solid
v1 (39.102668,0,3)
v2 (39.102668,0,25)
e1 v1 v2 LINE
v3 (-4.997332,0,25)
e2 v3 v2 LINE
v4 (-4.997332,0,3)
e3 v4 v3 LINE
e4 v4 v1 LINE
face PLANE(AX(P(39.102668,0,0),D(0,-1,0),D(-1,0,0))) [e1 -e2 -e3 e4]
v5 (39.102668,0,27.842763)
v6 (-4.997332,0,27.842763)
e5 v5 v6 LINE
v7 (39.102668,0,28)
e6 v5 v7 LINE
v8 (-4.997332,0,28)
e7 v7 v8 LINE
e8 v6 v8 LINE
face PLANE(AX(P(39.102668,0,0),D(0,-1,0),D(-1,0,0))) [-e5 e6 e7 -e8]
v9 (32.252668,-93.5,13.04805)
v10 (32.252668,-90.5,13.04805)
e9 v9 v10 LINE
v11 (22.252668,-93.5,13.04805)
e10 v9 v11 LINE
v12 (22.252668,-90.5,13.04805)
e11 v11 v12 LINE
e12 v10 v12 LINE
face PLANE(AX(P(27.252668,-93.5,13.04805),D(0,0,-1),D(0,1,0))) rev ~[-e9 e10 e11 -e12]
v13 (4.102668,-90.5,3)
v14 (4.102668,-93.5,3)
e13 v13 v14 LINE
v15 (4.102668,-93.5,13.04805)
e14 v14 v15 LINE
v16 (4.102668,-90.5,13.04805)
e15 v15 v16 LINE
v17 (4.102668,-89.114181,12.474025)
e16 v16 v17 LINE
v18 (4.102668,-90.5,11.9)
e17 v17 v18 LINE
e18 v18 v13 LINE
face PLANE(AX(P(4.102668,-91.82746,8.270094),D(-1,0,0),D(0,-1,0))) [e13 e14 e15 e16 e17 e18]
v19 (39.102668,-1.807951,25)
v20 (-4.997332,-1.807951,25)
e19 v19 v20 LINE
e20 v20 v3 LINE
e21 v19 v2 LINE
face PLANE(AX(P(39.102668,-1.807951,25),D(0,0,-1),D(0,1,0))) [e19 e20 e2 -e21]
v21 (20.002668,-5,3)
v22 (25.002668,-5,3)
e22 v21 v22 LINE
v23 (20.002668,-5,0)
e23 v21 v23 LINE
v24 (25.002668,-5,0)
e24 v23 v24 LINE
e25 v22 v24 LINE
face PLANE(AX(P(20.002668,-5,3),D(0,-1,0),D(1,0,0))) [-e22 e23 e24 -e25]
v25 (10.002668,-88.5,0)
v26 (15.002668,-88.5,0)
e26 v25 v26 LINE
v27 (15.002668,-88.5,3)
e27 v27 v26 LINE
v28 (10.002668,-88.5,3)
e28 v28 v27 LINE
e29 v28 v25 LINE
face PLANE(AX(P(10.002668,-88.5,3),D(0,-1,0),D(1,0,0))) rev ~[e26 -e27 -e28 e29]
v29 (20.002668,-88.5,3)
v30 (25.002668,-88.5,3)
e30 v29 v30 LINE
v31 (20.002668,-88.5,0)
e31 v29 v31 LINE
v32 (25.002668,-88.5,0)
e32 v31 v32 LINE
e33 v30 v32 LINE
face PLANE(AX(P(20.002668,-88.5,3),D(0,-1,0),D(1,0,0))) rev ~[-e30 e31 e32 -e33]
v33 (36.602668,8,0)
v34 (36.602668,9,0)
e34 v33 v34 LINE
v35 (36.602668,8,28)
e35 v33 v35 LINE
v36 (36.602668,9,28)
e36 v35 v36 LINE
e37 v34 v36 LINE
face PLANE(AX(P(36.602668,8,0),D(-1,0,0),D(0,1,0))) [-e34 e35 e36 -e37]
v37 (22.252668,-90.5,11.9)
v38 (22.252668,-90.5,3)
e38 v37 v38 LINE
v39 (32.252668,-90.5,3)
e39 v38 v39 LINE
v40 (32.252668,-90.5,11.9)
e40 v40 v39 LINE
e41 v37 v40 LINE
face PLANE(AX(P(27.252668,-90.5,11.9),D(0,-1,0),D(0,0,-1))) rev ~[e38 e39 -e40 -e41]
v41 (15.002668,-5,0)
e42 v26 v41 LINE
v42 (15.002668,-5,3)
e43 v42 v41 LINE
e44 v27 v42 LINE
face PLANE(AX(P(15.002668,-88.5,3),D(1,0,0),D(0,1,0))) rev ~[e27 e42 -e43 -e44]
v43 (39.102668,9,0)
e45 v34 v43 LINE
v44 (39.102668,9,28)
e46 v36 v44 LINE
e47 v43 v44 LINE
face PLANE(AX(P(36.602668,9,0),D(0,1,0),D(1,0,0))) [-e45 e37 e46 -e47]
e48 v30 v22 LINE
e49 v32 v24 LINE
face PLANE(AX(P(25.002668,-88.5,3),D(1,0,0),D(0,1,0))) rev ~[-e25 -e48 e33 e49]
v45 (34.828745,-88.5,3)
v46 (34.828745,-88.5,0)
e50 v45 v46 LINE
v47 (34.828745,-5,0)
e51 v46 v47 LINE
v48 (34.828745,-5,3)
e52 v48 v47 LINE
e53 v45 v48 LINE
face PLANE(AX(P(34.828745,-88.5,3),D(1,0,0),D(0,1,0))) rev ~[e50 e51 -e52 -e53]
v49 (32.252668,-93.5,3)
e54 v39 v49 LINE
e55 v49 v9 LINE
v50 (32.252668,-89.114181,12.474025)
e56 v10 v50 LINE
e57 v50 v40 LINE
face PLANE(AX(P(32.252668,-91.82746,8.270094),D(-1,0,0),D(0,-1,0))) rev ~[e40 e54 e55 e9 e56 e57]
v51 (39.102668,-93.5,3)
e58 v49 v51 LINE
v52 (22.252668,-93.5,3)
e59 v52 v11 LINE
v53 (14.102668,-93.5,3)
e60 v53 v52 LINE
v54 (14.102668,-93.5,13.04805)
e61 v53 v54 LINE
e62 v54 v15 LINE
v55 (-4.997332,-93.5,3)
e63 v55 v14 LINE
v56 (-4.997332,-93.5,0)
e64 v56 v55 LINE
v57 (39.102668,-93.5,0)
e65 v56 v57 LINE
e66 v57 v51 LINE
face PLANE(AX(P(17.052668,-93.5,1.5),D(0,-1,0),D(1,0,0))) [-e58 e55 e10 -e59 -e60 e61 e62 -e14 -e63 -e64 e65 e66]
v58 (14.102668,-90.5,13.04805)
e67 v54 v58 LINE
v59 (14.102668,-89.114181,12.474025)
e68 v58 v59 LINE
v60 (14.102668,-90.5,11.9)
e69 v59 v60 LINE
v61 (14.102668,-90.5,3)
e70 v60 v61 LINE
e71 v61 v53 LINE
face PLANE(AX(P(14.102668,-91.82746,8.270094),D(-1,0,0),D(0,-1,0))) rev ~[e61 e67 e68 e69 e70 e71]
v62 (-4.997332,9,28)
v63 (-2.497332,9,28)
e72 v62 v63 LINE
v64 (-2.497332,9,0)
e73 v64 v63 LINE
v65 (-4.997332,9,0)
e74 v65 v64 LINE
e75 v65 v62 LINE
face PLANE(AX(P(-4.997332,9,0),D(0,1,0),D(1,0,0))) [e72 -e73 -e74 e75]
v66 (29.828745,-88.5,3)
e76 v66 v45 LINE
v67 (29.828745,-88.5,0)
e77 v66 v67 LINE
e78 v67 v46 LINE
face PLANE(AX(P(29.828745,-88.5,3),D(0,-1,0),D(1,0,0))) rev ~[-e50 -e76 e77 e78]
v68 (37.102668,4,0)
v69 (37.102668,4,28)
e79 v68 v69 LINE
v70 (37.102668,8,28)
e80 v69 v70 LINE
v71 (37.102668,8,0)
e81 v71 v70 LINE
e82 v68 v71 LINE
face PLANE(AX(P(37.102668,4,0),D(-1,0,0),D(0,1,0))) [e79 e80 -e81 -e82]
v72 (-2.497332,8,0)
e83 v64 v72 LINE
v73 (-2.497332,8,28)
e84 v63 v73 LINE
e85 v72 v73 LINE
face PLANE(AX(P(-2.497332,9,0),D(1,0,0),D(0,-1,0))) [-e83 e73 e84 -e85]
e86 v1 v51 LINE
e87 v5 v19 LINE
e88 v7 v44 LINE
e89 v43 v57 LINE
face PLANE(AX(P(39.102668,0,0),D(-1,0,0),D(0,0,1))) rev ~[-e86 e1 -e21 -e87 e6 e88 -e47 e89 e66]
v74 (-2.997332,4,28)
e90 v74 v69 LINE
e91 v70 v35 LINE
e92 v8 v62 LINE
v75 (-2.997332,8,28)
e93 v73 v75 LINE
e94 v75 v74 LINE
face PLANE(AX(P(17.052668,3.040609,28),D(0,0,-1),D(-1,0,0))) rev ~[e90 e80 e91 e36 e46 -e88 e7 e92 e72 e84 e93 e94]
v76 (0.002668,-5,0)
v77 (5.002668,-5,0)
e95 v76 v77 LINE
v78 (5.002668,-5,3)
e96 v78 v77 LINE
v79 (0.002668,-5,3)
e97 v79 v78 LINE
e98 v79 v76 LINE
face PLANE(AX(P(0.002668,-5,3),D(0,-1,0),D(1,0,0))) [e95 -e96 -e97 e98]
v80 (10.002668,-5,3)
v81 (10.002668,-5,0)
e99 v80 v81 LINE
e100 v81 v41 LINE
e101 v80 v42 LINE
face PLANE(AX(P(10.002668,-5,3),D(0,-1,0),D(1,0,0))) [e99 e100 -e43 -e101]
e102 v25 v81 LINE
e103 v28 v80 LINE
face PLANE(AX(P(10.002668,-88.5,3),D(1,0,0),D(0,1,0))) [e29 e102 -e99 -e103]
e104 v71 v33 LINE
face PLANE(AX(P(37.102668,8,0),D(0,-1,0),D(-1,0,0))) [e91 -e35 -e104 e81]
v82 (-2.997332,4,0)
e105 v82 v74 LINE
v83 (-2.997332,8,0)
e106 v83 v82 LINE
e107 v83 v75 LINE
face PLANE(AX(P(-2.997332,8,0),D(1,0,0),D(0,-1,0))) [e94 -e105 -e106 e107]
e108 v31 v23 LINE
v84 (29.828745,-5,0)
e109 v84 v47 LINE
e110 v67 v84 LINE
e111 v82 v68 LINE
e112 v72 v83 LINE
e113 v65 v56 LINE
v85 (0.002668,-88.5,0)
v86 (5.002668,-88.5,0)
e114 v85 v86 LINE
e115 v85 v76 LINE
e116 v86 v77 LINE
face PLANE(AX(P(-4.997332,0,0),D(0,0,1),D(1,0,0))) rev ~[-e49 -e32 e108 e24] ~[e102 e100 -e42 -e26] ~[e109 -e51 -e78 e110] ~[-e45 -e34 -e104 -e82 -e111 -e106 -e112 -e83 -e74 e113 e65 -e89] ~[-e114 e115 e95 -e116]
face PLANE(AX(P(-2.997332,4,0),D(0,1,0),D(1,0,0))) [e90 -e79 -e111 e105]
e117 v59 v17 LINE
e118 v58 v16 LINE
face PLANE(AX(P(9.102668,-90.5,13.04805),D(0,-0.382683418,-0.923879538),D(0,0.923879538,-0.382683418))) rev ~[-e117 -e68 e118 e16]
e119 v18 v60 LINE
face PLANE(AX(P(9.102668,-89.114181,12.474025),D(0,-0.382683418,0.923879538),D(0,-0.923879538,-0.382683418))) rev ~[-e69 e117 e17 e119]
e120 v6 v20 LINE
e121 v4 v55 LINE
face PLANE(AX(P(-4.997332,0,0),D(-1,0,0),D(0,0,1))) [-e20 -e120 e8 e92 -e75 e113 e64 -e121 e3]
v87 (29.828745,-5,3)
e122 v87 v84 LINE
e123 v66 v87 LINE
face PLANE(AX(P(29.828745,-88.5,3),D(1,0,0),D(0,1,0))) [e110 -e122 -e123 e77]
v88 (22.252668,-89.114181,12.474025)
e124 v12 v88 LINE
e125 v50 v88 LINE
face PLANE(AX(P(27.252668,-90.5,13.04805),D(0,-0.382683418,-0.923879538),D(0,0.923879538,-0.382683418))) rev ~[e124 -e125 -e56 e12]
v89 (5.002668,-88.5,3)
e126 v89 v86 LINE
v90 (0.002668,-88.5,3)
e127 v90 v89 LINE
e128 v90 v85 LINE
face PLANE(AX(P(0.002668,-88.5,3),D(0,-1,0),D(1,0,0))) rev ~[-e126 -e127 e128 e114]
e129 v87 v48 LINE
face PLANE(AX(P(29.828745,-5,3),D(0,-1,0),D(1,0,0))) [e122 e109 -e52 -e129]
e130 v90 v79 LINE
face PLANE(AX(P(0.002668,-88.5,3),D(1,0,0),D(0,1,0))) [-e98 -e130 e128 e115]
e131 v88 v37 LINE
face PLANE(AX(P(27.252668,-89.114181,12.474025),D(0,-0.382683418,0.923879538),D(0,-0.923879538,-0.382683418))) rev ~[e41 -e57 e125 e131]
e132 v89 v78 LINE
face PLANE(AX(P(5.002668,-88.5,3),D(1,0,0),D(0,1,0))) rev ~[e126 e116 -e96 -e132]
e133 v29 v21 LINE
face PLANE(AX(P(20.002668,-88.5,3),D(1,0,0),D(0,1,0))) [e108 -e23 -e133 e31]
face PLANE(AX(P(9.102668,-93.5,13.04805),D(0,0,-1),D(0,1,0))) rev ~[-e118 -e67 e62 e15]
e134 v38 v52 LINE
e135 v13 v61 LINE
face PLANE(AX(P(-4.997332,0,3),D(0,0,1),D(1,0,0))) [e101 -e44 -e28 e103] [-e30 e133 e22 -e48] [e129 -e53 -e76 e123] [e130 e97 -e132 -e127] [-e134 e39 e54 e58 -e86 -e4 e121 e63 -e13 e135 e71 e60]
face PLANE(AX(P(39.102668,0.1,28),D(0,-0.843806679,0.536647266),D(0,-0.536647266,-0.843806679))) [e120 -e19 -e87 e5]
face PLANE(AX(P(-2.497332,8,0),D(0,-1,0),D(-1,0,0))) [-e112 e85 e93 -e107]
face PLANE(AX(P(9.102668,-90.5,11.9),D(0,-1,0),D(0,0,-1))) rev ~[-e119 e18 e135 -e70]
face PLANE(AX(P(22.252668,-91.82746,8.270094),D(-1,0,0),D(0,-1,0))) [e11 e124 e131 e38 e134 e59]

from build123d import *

# Parameters (mm, degrees)
PAD_DEPTH    = 28
SKETCH002_W  = 44.1
SKETCH002_H  = 3
PAD001_DEPTH = 93.5
PAD002_DEPTH = 5
PAD003_DEPTH = 5
PAD004_DEPTH = 44.1
SKETCH006_W  = 5
SKETCH006_H  = 83.5
POCKET_DEPTH = 5


with BuildPart() as part:
    # Sketch → Pad (new body)
    with BuildSketch(Plane.XY):
        Polygon((-4.997332, 9), (-2.497332, 9), (-2.497332, 8), (-2.997332, 8), (-2.997332, 4), (37.102668, 4), (37.102668, 8), (36.602668, 8), (36.602668, 9), (39.102668, 9), (39.102668, 0), (-4.997332, 0), (-4.997332, 4), align=None)
    extrude(amount=PAD_DEPTH)

    # Sketch002 (on Face11 of Pad) → Pad001 (join)
    with BuildSketch(Plane.XZ):
        with Locations((17.052668, 1.5)):
            Rectangle(SKETCH002_W, SKETCH002_H)
    extrude(amount=PAD001_DEPTH)

    # Sketch003 (on Face18 of Pad001) → Pad002 (join, symmetric)
    with BuildSketch(Plane.YZ.offset(9.102668)):
        Polygon((-93.5, 2.9), (-93.5, 13.04805), (-90.5, 13.04805), (-89.114181, 12.474025), (-90.5, 11.9), (-90.5, 2.9), align=None)
    extrude(amount=PAD002_DEPTH, both=True)

    # Sketch004 (on Face18 of Pad001) → Pad003 (join, symmetric)
    with BuildSketch(Plane.YZ.offset(27.252668)):
        Polygon((-93.5, 2.9), (-93.5, 13.04805), (-90.5, 13.04805), (-89.114181, 12.474025), (-90.5, 11.9), (-90.5, 2.9), align=None)
    extrude(amount=PAD003_DEPTH, both=True)

    # Sketch005 (on Face14 of Pad003) → Pad004 (join)
    with BuildSketch(Plane.YZ.offset(39.102668)):
        Polygon((0.1, 28), (-1.807951, 25), (0.1, 25), align=None)
    extrude(amount=-PAD004_DEPTH)

    # Sketch006 (on Face26 of Pad004) → Pocket (cut)
    with BuildSketch(Plane.XY.offset(3)):
        with Locations((32.328745, -46.75)):
            Rectangle(SKETCH006_W, SKETCH006_H)
        with Locations((2.502668, -46.75)):
            Rectangle(SKETCH006_W, SKETCH006_H)
        with Locations((12.502668, -46.75)):
            Rectangle(SKETCH006_W, SKETCH006_H)
        with Locations((22.502668, -46.75)):
            Rectangle(SKETCH006_W, SKETCH006_H)
    extrude(amount=-POCKET_DEPTH, mode=Mode.SUBTRACT)


solid = part.part
